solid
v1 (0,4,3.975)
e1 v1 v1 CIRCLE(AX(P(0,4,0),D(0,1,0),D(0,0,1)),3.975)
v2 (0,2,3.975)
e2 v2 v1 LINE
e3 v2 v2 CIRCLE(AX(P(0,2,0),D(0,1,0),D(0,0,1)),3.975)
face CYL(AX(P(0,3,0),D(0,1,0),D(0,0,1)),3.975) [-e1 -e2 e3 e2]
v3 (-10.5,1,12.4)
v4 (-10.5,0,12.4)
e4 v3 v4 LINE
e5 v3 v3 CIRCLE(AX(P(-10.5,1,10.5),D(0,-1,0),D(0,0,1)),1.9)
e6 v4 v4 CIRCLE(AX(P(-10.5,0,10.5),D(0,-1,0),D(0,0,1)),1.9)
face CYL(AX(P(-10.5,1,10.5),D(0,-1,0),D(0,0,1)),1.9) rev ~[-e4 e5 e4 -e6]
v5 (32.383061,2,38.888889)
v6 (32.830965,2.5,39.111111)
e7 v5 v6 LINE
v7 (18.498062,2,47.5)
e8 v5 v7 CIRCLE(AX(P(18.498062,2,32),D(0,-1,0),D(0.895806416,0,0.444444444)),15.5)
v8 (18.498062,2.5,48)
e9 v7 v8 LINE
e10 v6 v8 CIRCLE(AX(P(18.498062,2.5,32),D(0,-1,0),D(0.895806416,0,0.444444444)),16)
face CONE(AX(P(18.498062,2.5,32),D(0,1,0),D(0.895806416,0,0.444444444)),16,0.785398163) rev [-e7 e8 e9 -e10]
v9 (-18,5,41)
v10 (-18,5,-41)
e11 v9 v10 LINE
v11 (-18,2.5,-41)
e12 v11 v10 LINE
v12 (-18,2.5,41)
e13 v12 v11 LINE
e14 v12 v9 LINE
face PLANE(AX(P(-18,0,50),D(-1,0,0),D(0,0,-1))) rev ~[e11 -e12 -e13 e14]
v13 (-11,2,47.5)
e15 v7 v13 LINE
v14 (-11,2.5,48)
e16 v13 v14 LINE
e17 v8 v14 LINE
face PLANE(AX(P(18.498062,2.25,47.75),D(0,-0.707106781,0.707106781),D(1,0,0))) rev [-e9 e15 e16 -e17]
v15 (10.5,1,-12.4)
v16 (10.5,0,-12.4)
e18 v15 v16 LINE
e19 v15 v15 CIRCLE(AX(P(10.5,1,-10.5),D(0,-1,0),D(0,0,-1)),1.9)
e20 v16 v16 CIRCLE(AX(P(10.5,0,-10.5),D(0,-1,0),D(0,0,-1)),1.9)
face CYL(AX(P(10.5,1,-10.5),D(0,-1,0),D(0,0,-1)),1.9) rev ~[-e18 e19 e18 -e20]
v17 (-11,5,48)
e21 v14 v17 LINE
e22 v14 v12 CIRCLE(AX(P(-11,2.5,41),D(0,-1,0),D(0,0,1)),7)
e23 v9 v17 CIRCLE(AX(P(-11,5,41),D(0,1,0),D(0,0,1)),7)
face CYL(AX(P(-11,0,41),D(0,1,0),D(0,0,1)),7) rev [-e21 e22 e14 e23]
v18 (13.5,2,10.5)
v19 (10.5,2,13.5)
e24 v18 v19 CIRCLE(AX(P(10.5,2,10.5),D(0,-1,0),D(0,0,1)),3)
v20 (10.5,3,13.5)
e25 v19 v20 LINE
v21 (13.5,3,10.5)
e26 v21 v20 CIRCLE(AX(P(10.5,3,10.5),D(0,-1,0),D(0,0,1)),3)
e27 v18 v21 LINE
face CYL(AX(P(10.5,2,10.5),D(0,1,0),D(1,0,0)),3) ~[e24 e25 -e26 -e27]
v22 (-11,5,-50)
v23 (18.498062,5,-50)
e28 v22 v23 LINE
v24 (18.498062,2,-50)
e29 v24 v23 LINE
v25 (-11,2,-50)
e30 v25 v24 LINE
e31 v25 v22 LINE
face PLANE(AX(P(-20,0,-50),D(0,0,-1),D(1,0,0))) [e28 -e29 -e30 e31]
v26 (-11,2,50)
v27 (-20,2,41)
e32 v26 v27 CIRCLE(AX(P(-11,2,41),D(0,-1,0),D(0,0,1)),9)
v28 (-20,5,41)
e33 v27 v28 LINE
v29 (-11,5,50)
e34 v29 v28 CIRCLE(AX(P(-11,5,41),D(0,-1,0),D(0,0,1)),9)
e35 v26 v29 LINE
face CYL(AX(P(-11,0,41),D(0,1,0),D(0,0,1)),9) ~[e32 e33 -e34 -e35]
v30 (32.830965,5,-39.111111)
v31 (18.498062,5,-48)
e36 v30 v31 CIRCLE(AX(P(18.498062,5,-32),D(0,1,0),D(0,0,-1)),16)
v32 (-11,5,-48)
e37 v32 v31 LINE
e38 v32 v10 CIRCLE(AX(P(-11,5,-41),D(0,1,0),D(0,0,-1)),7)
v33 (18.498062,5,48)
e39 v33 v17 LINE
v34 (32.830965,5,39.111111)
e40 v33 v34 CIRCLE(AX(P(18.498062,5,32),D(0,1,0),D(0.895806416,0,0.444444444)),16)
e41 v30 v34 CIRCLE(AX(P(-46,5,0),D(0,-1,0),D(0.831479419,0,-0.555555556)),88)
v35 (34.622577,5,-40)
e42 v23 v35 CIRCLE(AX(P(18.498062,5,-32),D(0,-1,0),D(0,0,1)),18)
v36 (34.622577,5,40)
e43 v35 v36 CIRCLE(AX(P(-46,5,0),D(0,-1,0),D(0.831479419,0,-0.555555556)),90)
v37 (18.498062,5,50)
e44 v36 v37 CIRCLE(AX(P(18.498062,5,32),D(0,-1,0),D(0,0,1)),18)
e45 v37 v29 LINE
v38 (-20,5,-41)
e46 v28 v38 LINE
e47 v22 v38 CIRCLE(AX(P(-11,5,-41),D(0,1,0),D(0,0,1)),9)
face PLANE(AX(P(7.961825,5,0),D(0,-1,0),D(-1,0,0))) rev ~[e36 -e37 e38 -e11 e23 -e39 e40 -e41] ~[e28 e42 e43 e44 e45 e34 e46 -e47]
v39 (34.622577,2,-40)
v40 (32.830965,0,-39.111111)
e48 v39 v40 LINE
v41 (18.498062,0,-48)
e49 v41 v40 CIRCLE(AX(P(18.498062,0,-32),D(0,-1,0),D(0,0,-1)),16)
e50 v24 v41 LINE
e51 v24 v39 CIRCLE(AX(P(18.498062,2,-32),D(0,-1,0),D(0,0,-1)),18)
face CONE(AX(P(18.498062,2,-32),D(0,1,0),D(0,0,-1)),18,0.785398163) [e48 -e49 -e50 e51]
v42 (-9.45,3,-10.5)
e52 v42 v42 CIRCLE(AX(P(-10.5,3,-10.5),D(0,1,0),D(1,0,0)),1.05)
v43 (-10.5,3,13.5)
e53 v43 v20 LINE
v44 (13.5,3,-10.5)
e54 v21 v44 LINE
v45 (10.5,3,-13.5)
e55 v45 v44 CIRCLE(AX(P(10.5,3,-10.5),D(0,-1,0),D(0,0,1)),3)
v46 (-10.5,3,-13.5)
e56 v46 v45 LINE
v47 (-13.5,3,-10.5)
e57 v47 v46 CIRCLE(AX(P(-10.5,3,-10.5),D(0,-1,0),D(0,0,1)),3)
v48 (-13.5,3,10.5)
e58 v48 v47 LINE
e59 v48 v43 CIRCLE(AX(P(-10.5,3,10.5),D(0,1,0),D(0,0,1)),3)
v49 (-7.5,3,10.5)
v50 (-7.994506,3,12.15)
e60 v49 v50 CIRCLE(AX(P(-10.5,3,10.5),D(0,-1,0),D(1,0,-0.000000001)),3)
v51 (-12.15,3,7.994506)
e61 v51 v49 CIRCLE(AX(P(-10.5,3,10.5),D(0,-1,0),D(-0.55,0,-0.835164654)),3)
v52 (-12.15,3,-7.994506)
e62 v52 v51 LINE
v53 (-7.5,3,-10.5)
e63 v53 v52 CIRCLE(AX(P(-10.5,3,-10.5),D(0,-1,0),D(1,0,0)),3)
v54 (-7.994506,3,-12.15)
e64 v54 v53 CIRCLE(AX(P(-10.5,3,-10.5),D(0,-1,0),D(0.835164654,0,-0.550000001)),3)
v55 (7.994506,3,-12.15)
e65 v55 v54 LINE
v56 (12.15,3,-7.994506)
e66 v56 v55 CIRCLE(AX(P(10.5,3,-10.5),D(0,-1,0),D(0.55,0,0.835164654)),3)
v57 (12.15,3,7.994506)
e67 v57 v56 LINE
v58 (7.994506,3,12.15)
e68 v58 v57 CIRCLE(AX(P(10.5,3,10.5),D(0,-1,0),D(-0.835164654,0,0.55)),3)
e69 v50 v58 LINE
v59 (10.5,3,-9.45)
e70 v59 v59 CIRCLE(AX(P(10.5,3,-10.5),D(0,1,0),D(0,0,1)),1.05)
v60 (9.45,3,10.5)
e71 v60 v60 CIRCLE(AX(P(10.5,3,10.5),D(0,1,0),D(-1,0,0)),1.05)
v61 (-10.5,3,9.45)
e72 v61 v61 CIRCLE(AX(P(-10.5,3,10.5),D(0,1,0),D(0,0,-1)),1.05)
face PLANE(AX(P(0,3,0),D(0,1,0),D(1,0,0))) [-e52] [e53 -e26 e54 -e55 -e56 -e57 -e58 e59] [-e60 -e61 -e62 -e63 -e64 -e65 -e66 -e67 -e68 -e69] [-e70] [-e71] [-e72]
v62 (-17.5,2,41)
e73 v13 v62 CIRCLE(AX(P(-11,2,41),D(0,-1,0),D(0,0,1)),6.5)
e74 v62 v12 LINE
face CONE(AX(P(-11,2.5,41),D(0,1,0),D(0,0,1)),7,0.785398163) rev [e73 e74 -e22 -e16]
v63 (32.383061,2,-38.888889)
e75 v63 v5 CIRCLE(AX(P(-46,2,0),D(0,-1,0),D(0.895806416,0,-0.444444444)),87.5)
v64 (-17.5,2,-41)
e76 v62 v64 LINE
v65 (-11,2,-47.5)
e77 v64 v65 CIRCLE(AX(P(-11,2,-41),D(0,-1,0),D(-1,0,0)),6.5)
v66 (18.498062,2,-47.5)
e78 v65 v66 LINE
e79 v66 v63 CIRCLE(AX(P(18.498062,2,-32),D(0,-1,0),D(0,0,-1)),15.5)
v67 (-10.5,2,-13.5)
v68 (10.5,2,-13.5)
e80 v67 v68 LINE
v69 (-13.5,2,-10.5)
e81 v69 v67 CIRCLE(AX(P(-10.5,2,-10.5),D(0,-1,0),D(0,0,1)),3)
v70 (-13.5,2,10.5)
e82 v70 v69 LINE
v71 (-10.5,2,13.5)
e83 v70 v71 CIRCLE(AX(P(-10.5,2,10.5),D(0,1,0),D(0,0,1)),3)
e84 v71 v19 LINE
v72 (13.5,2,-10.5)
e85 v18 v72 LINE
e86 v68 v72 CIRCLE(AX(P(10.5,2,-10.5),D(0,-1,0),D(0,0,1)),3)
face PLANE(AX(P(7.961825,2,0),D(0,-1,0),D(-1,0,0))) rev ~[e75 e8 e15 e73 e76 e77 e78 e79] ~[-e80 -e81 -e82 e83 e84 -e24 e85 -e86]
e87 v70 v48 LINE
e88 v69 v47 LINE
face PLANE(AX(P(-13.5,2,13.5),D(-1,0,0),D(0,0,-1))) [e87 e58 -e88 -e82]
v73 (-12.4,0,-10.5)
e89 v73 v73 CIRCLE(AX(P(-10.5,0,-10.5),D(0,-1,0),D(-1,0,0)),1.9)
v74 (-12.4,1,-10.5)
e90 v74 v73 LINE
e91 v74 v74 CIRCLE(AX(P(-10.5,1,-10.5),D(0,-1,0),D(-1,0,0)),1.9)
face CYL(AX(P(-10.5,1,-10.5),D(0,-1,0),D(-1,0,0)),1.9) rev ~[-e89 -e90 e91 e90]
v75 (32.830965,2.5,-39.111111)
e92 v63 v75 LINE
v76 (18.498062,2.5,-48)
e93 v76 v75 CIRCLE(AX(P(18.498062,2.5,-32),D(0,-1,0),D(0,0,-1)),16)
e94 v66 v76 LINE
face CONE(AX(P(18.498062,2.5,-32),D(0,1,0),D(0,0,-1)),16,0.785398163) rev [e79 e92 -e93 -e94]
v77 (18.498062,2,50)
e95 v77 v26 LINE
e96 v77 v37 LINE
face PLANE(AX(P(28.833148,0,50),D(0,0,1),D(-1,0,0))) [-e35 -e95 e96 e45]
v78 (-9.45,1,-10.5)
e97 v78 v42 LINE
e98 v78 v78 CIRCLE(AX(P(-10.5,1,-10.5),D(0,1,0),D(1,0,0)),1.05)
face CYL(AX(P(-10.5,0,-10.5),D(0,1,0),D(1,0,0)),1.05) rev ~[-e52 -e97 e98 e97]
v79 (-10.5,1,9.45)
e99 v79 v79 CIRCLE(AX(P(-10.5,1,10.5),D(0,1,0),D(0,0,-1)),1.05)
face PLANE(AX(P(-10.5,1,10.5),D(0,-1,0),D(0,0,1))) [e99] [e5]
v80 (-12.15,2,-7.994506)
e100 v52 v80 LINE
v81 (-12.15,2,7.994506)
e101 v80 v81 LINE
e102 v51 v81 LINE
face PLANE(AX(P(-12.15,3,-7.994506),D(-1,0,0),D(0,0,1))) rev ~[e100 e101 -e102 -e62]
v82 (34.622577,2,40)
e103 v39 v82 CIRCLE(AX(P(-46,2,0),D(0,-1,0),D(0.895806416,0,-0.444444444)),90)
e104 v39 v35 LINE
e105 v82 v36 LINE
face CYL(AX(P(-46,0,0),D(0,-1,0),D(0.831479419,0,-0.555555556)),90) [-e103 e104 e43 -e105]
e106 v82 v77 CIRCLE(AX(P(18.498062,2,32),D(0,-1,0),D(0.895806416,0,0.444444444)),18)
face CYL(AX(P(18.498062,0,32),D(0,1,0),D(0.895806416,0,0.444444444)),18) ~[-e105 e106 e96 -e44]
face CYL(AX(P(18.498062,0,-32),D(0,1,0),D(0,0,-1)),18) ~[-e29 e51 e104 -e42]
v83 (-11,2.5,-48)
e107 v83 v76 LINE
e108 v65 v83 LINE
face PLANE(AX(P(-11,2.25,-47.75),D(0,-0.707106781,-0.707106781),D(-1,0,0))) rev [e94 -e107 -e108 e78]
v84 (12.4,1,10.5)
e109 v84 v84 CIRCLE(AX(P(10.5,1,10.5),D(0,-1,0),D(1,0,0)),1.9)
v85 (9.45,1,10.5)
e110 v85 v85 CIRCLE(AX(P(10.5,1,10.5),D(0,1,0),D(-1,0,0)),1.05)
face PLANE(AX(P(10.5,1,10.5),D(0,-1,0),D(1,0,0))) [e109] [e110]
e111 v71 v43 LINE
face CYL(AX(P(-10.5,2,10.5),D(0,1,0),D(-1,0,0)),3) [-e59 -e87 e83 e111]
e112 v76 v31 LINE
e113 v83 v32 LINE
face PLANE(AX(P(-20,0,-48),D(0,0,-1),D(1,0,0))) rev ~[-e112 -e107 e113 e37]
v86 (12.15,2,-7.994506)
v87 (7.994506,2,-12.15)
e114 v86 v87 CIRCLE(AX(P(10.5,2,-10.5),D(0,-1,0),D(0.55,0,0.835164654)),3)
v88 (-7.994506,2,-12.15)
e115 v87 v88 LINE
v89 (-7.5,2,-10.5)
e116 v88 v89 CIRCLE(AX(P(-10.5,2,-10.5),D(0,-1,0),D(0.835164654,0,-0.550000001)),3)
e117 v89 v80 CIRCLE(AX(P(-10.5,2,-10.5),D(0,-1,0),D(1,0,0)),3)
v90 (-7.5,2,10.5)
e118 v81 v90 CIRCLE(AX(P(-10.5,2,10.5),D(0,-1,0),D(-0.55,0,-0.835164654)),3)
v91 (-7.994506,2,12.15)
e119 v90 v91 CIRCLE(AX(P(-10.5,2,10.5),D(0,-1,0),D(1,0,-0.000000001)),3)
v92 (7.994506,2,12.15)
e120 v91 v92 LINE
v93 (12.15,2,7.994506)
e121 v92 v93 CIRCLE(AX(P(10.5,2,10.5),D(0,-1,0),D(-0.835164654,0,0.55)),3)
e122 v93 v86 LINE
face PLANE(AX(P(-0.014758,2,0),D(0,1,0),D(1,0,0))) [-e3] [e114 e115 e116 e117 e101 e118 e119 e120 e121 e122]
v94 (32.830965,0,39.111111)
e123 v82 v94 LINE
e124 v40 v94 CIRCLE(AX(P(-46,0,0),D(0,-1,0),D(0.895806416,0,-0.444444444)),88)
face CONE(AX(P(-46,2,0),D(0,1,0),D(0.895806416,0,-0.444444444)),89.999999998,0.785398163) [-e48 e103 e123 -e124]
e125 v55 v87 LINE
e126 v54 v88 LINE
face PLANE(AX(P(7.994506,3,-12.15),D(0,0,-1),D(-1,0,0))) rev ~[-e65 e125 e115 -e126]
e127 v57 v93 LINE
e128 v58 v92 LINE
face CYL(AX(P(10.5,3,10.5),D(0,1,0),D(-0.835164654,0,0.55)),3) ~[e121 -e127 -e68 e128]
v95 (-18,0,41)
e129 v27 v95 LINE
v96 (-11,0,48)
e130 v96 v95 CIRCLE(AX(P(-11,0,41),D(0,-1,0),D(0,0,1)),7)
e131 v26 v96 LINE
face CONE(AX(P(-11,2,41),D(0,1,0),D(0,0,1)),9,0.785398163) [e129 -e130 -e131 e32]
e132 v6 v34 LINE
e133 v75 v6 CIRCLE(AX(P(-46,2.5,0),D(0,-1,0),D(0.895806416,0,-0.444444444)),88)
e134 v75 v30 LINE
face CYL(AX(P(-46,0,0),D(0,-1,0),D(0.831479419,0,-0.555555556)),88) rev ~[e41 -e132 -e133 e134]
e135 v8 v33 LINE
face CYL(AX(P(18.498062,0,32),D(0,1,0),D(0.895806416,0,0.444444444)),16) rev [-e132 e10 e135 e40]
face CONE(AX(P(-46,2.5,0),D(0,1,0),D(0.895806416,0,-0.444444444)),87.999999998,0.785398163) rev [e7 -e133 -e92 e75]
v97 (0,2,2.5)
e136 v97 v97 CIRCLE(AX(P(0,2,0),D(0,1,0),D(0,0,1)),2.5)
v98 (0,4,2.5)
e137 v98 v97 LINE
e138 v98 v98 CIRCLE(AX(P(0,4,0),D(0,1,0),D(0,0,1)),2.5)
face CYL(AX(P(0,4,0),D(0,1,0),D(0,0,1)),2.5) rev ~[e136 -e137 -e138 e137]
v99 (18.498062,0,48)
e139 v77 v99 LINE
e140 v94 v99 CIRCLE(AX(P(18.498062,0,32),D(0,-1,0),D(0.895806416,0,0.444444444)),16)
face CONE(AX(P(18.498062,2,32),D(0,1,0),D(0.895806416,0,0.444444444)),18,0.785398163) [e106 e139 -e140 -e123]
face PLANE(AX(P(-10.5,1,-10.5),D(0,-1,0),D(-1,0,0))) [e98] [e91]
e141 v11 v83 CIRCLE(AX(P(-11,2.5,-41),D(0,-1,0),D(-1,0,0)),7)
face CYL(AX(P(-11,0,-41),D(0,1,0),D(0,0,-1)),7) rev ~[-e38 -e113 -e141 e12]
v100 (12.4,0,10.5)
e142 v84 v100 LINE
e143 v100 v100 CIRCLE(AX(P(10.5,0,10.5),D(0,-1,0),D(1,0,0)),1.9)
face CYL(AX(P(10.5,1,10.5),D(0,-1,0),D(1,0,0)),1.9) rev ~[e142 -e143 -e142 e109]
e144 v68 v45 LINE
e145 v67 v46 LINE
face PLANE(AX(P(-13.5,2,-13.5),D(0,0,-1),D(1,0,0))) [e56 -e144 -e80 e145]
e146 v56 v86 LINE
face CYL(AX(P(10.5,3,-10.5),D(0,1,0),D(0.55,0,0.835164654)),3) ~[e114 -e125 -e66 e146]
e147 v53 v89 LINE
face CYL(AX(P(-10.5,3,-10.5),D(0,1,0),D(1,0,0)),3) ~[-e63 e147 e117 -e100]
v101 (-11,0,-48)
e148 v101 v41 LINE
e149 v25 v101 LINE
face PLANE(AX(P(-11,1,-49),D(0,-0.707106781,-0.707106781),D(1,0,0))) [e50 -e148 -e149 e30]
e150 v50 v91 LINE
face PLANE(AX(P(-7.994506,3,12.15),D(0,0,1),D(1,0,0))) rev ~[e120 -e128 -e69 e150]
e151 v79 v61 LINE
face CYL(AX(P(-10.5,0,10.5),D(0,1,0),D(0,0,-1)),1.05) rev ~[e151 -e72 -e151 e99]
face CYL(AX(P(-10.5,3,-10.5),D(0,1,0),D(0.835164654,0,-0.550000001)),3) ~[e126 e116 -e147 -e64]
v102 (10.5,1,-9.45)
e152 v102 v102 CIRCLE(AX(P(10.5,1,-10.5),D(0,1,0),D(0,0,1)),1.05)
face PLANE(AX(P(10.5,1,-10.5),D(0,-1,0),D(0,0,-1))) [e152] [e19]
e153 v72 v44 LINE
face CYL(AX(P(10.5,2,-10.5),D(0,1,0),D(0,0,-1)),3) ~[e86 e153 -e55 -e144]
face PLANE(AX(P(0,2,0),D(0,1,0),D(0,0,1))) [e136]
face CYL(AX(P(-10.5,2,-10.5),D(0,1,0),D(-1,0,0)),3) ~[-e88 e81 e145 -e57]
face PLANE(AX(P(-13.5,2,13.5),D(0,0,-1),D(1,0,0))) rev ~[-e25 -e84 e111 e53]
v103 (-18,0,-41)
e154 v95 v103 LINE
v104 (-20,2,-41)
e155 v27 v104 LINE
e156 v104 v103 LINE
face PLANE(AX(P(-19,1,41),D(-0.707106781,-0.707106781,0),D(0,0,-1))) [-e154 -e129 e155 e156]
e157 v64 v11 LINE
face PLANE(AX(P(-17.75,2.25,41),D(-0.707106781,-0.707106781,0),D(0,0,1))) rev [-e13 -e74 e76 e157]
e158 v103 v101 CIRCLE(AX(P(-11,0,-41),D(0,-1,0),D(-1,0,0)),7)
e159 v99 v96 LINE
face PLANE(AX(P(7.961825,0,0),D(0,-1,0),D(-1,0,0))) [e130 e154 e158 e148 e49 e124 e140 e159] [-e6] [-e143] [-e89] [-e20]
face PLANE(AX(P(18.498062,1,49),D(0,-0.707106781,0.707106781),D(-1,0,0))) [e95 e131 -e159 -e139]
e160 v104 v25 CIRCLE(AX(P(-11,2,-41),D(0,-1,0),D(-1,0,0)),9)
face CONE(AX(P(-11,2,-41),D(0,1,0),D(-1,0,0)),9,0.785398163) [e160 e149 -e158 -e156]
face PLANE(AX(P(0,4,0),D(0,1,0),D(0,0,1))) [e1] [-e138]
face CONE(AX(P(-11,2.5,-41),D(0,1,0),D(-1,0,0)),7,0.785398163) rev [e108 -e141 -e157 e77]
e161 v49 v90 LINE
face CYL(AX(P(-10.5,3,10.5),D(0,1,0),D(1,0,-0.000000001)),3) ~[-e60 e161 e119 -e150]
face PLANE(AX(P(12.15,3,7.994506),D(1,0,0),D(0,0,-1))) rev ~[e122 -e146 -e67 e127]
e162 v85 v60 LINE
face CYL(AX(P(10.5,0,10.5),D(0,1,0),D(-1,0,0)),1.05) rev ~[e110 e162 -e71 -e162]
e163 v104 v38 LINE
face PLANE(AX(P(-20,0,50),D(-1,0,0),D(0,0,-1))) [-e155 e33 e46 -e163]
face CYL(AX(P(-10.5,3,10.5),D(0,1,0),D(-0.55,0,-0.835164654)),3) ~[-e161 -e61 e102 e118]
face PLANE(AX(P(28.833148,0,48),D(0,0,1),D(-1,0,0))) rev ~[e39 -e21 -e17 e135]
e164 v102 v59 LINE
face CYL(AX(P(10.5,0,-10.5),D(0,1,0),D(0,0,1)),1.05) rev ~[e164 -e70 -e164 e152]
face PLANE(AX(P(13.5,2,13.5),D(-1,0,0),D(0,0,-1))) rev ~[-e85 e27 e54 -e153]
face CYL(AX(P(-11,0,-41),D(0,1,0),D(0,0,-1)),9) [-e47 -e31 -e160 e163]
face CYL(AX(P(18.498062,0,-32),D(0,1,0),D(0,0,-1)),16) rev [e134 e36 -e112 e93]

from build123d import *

# Parameters (mm, degrees)
EXTRUDE_1_DEPTH              = 5
FILLET_1_R                   = 9
FILLET_2_R                   = 18
SHELL_1_T                    = -2
CHAMFER_1_SIZE               = 0.5
CHAMFER_2_SIZE               = 2
SKETCH_2_W                   = 27
SKETCH_2_H                   = 27
EXTRUDE_2_DEPTH              = 1
SKETCH_3_R                   = 3.975
EXTRUDE_3_DEPTH              = 1
FILLET_3_R                   = 3
HOLE_WIZARD_M2_1_D           = 2.1
HOLE_WIZARD_M2_1_CBORE_D     = 3.8
HOLE_WIZARD_M2_1_CBORE_DEPTH = 1
PATTERN_CIRCULAR_1_COUNT     = 4
SKETCH_6_R                   = 3.975
CUT_EXTRUDE_1_DEPTH          = 1
SKETCH_7_R                   = 2.5
CUT_EXTRUDE_2_DEPTH          = 2


with BuildPart() as part:
    # ｽｹｯﾁ1 → ﾎﾞｽ - 押し出し1 (new body)
    with BuildSketch(Plane(origin=(0, 0, 0), x_dir=(1, 0, 0), z_dir=(0, 1, 0))):
        with BuildLine():
            Line((-20, 50), (28.833147735, 50))
            ThreePointArc((28.833147735, 50), (44, 0), (28.833147735, -50))
            Line((28.833147735, -50), (-20, -50))
            Line((-20, -50), (-20, 50))
        make_face()
    extrude(amount=EXTRUDE_1_DEPTH)

    # ﾌｨﾚｯﾄ1
    fillet_1_edges = [part.edges().sort_by_distance(p)[0] for p in [
        (-20, 2.5, -50),
        (-20, 2.5, 50),
    ]]
    fillet(fillet_1_edges, radius=FILLET_1_R)

    # ﾌｨﾚｯﾄ2
    fillet_2_edges = [part.edges().sort_by_distance(p)[0] for p in [
        (28.833147735, 2.5, -50),
        (28.833147735, 2.5, 50),
    ]]
    fillet(fillet_2_edges, radius=FILLET_2_R)

    # ｼｪﾙ1
    shell_1_openings = [part.faces().sort_by_distance(p)[0] for p in [
        (9.782139289, 5, 0),
    ]]
    offset(amount=SHELL_1_T, openings=shell_1_openings, kind=Kind.INTERSECTION)

    # 面取り1
    chamfer_1_edges = [part.edges().sort_by_distance(p)[0] for p in [
        (-18, 2, 0),
        (3.749030993, 2, 48),
        (42, 2, 0),
        (3.749030993, 2, -48),
        (26.930802414, 2, -45.59738537),
        (26.930802414, 2, 45.59738537),
        (-15.949747468, 2, 45.949747468),
        (-15.949747468, 2, -45.949747468),
    ]]
    chamfer(chamfer_1_edges, length=CHAMFER_1_SIZE)

    # 面取り2
    chamfer_2_edges = [part.edges().sort_by_distance(p)[0] for p in [
        (-20, 0, 0),
        (3.749030993, 0, 50),
        (-17.363961031, 0, 47.363961031),
        (-17.363961031, 0, -47.363961031),
        (3.749030993, 0, -50),
        (44, 0, 0),
        (27.984894967, 0, 47.297058541),
        (27.984894967, 0, -47.297058541),
    ]]
    chamfer(chamfer_2_edges, length=CHAMFER_2_SIZE)

    # ｽｹｯﾁ2 → ﾎﾞｽ - 押し出し2 (add)
    with BuildSketch(Plane(origin=(0, 2, 0), x_dir=(1, 0, 0), z_dir=(0, 1, 0))):
        Rectangle(SKETCH_2_W, SKETCH_2_H)
    extrude(amount=EXTRUDE_2_DEPTH)

    # ｽｹｯﾁ3 → ﾎﾞｽ - 押し出し3 (add)
    with BuildSketch(Plane(origin=(0, 3, 0), x_dir=(1, 0, 0), z_dir=(0, 1, 0))):
        with Locations(Location((0, 0, 0), (0, 0, 270))):
            Circle(SKETCH_3_R)
    extrude(amount=EXTRUDE_3_DEPTH)

    # ﾌｨﾚｯﾄ3
    fillet_3_edges = [part.edges().sort_by_distance(p)[0] for p in [
        (13.5, 2.5, 13.5),
        (13.5, 2.5, -13.5),
        (-13.5, 2.5, -13.5),
        (-13.5, 2.5, 13.5),
    ]]
    fillet(fillet_3_edges, radius=FILLET_3_R)

    # M2 なべ頭ねじ用座ぐり穴1 (through all)
    with Locations(Plane(origin=(0, 0, 0), x_dir=(-1, 0, 0), z_dir=(0, -1, 0))):
        with Locations((10.5, 10.5)):
            hole_wizard_m2_1 = CounterBoreHole(HOLE_WIZARD_M2_1_D / 2, HOLE_WIZARD_M2_1_CBORE_D / 2, HOLE_WIZARD_M2_1_CBORE_DEPTH)

    # 円形ﾊﾟﾀｰﾝ1: M2 なべ頭ねじ用座ぐり穴1 ×4 about axis
    pattern_circular_1_axis = Axis((0, 0, 0), (0, 1, 0))
    for i in range(1, PATTERN_CIRCULAR_1_COUNT):
        add(hole_wizard_m2_1.rotate(pattern_circular_1_axis, i * 360 / PATTERN_CIRCULAR_1_COUNT), mode=Mode.SUBTRACT)

    # ｽｹｯﾁ6 → ｶｯﾄ - 押し出し1 (cut)
    with BuildSketch(Plane(origin=(0, 3, 0), x_dir=(1, 0, 0), z_dir=(0, 1, 0))):
        with BuildLine():
            Line((-7.994506037, -12.15), (7.994506037, -12.15))
            ThreePointArc((7.994506037, -12.15), (8.378679656, -8.378679656), (12.15, -7.994506037))
            Line((12.15, -7.994506037), (12.15, 7.994506037))
            ThreePointArc((12.15, 7.994506037), (8.378679656, 8.378679656), (7.994506037, 12.15))
            Line((7.994506037, 12.15), (-7.994506037, 12.15))
            ThreePointArc((-7.994506037, 12.15), (-7.62628447, 11.36125435), (-7.5, 10.5))
            ThreePointArc((-7.5, 10.5), (-9.076975053, 7.858977471), (-12.15, 7.994506037))
            Line((-12.15, 7.994506037), (-12.15, -7.994506037))
            ThreePointArc((-12.15, -7.994506037), (-9.076975053, -7.858977471), (-7.5, -10.5))
            ThreePointArc((-7.5, -10.5), (-7.62628447, -11.36125435), (-7.994506037, -12.15))
        make_face()
        with Locations(Location((0, 0, 0), (0, 0, 270))):
            Circle(SKETCH_6_R, mode=Mode.SUBTRACT)
    extrude(amount=-CUT_EXTRUDE_1_DEPTH, mode=Mode.SUBTRACT)

    # ｽｹｯﾁ7 → ｶｯﾄ - 押し出し2 (cut)
    with BuildSketch(Plane(origin=(0, 4, 0), x_dir=(1, 0, 0), z_dir=(0, 1, 0))):
        with Locations(Location((0, 0, 0), (0, 0, 270))):
            Circle(SKETCH_7_R)
    extrude(amount=-CUT_EXTRUDE_2_DEPTH, mode=Mode.SUBTRACT)


solid = part.part
